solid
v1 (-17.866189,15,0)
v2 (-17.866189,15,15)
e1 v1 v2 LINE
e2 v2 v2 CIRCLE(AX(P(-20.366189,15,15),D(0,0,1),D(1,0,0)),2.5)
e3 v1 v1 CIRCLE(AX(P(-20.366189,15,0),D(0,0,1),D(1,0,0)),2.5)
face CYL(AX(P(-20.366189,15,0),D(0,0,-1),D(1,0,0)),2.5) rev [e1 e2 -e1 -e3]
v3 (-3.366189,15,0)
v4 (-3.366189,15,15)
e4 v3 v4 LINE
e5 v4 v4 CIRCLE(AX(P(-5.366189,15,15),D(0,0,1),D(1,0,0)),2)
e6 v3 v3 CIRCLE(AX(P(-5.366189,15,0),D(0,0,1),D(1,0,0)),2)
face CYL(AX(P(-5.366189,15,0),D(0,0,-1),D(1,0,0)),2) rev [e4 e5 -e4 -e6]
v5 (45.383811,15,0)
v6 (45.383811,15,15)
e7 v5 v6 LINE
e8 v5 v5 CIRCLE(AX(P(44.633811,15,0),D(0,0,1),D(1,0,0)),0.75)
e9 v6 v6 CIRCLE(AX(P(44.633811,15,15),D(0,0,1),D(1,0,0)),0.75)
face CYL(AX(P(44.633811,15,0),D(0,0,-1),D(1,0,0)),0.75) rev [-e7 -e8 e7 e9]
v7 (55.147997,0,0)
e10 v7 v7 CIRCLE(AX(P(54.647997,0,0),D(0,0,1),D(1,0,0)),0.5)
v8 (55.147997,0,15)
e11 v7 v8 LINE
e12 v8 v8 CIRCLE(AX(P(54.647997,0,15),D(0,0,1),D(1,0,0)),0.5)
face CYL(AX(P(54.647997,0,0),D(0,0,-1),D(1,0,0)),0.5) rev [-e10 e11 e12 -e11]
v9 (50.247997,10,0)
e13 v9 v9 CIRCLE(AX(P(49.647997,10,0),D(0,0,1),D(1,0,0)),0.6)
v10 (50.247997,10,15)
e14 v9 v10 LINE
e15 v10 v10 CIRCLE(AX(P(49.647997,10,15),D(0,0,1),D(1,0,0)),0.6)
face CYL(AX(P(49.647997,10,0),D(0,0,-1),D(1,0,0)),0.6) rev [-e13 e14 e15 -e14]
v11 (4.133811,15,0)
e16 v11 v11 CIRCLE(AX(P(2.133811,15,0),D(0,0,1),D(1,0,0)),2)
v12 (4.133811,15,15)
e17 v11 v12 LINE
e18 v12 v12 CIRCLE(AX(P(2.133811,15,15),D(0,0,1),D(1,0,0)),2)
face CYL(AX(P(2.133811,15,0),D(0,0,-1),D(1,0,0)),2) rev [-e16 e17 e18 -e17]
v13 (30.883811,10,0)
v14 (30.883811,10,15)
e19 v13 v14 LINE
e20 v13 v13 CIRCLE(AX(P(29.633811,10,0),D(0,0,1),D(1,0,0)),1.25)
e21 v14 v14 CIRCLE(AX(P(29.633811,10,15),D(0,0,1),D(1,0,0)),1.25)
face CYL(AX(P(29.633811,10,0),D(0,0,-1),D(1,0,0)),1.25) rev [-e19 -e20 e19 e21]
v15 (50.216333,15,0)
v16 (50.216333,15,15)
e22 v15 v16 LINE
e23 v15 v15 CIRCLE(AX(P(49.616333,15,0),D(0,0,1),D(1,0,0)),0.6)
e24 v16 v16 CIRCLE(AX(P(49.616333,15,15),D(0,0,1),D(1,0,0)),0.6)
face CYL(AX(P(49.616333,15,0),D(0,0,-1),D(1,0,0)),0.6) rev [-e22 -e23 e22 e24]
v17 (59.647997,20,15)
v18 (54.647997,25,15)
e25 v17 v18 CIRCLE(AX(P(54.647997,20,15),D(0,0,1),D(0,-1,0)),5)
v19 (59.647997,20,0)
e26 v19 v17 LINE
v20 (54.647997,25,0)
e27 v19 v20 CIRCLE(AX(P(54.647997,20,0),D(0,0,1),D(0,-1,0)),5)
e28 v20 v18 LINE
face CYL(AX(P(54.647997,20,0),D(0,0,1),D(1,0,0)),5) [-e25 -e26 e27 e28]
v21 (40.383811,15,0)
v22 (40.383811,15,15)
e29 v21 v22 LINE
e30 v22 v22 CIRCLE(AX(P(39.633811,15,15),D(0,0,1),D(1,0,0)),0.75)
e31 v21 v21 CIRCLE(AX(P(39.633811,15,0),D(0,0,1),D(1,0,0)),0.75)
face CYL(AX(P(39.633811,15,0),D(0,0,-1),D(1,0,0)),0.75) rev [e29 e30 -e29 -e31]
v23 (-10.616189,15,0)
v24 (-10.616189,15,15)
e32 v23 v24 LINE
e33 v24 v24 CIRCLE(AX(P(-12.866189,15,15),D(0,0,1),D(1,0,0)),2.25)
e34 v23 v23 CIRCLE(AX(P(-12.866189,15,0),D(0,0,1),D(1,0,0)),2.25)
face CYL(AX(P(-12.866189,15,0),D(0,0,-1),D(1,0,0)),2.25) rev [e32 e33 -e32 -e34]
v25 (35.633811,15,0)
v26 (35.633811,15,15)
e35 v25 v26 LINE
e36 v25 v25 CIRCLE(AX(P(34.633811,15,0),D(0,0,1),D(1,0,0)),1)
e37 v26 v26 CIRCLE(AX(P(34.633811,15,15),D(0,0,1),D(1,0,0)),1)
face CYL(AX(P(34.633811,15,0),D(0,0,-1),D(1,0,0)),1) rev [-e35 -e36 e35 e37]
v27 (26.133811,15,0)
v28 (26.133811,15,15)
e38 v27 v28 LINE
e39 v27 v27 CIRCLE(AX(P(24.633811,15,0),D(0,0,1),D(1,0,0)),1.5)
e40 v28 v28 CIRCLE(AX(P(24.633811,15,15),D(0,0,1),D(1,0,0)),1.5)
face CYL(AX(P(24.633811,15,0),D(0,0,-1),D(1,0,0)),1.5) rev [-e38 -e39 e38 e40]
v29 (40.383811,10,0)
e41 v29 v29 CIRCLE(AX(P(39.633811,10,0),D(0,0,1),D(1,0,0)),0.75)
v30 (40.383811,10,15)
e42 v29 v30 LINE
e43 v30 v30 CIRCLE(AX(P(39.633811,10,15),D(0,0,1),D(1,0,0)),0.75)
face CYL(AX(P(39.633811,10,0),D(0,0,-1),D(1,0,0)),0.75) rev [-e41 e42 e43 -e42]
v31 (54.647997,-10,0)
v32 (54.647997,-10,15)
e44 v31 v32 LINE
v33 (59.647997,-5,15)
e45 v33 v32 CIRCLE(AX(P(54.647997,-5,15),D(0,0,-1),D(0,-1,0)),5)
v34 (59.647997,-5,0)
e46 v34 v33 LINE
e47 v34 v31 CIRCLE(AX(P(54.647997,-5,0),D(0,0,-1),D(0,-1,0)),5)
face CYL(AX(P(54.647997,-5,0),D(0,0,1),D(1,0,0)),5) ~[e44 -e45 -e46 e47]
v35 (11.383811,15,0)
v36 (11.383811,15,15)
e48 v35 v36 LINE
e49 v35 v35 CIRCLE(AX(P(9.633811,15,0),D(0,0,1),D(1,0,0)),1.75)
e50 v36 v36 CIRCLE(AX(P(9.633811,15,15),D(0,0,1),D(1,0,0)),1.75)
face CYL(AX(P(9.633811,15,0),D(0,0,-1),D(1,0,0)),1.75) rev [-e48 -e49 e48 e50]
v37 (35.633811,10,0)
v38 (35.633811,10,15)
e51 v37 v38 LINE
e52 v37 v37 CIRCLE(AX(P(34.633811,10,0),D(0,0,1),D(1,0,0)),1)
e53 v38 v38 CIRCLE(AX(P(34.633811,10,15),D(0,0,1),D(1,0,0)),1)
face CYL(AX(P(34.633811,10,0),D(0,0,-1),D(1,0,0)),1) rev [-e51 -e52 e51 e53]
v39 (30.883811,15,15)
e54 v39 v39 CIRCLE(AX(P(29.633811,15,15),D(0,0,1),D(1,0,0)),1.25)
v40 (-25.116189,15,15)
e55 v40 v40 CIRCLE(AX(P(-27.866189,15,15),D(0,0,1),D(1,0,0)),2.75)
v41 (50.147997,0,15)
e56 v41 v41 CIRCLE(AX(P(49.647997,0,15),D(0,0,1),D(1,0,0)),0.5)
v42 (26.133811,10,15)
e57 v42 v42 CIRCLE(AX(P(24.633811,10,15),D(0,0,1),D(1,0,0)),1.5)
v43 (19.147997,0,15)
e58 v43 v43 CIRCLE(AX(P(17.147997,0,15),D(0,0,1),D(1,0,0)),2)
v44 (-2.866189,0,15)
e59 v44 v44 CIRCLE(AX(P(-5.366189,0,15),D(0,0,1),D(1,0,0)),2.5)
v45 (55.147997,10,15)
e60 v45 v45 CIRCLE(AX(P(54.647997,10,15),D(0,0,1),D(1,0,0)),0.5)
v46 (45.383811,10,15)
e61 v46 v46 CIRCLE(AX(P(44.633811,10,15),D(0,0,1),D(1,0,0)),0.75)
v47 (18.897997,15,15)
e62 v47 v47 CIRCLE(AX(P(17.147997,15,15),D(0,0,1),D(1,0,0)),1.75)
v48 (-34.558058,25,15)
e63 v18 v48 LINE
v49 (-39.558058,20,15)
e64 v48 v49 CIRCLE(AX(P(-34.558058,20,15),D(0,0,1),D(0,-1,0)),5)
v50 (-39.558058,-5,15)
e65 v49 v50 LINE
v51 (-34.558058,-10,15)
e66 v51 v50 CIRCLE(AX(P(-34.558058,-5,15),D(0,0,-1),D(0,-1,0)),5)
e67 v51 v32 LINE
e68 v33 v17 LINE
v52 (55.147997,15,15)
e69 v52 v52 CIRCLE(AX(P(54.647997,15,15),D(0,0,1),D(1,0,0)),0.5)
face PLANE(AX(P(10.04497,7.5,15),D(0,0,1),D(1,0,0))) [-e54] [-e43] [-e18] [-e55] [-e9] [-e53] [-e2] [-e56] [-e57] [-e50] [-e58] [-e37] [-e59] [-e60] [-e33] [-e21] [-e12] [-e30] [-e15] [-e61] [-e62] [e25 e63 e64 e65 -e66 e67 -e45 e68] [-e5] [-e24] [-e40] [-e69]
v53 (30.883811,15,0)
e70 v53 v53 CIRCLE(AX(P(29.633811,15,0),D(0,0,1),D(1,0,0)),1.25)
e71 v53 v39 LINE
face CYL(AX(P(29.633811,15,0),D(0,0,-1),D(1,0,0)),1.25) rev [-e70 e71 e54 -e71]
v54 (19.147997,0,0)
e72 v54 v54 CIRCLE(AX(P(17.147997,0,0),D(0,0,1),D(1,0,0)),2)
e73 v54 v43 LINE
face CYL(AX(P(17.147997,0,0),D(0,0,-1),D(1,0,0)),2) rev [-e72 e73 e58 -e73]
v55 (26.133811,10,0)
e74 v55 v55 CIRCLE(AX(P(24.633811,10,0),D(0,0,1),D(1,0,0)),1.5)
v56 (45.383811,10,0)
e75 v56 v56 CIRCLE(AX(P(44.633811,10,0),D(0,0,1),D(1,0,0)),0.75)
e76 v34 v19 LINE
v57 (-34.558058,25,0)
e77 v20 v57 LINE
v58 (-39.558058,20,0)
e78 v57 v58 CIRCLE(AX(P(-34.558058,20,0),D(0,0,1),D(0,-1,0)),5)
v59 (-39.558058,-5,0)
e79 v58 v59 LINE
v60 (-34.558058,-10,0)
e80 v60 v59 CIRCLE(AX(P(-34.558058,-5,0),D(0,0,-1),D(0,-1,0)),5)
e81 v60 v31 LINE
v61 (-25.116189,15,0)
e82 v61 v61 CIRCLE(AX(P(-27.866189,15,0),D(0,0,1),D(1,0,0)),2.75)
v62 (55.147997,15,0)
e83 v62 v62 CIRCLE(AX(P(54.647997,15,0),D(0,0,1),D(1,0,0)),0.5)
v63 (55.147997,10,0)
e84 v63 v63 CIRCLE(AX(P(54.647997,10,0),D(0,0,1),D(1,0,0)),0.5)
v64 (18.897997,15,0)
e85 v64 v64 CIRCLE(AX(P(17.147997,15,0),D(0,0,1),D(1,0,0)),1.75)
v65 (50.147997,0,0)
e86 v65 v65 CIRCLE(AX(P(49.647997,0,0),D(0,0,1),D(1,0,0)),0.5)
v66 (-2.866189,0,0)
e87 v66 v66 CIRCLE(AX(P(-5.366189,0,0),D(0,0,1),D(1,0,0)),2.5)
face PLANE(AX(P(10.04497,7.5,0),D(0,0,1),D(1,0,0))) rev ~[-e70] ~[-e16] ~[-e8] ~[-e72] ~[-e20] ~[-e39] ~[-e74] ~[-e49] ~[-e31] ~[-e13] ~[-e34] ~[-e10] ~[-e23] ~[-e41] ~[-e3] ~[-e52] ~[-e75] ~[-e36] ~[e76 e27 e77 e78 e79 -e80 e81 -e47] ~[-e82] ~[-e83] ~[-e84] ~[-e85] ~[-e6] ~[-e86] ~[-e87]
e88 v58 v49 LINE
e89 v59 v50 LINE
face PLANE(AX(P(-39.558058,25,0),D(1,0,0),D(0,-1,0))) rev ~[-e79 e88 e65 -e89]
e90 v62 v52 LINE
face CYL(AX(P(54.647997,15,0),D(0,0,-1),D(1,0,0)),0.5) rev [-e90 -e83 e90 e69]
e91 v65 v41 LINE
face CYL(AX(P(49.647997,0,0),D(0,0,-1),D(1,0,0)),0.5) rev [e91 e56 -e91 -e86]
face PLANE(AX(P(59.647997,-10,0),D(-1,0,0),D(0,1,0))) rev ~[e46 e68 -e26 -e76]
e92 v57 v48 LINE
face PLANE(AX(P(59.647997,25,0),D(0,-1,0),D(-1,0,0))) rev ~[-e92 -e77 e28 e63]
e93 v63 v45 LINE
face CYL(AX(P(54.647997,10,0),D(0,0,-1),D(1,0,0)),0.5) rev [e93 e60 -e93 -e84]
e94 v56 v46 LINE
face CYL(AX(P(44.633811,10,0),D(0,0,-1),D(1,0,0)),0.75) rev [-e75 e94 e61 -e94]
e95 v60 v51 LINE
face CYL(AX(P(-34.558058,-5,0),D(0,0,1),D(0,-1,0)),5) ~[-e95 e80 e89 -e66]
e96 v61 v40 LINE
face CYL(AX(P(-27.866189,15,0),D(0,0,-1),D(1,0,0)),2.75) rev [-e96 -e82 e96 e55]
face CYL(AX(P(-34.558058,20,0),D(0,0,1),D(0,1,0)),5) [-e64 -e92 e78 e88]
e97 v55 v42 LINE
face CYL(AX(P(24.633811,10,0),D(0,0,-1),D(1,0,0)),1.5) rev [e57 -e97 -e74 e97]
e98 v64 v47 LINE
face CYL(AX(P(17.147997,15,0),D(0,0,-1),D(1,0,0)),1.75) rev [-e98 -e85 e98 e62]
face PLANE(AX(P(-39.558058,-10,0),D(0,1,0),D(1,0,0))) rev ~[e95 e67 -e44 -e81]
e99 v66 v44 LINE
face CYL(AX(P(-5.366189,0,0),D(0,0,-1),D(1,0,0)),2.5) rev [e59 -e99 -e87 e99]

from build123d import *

# Parameters (mm, degrees)
F0_R     = 2.5
F0_R_2   = 2
F0_R_3   = 0.5
F0_R_4   = 2.75
F0_R_5   = 2.25
F0_R_6   = 1.75
F0_R_7   = 1.5
F0_R_8   = 1.25
F0_R_9   = 1
F0_R_10  = 0.75
F0_R_11  = 0.6
F1_DEPTH = 15
F2_R     = 5


with BuildPart() as f1:
    # F0 (on Top) → F1 (new body)
    with BuildSketch(Plane.XY):
        Polygon((-30.352003, -10), (59.647997, -10), (59.647997, 25), (-39.558058, 25), (-39.558058, -10), align=None)
        with Locations((-5.366189, 0)):
            Circle(F0_R, mode=Mode.SUBTRACT)
        with Locations((17.147997, 0)):
            Circle(F0_R_2, mode=Mode.SUBTRACT)
        with Locations((49.647997, 0)):
            Circle(F0_R_3, mode=Mode.SUBTRACT)
        with Locations((54.647997, 0)):
            Circle(F0_R_3, mode=Mode.SUBTRACT)
        with Locations((-27.866189, 15)):
            Circle(F0_R_4, mode=Mode.SUBTRACT)
        with Locations((-20.366189, 15)):
            Circle(F0_R, mode=Mode.SUBTRACT)
        with Locations((-12.866189, 15)):
            Circle(F0_R_5, mode=Mode.SUBTRACT)
        with Locations((-5.366189, 15)):
            Circle(F0_R_2, mode=Mode.SUBTRACT)
        with Locations((2.133811, 15)):
            Circle(F0_R_2, mode=Mode.SUBTRACT)
        with Locations((9.633811, 15)):
            Circle(F0_R_6, mode=Mode.SUBTRACT)
        with Locations((24.633811, 10)):
            Circle(F0_R_7, mode=Mode.SUBTRACT)
        with Locations((29.633811, 10)):
            Circle(F0_R_8, mode=Mode.SUBTRACT)
        with Locations((34.633811, 10)):
            Circle(F0_R_9, mode=Mode.SUBTRACT)
        with Locations((17.147997, 15)):
            Circle(F0_R_6, mode=Mode.SUBTRACT)
        with Locations((24.633811, 15)):
            Circle(F0_R_7, mode=Mode.SUBTRACT)
        with Locations((29.633811, 15)):
            Circle(F0_R_8, mode=Mode.SUBTRACT)
        with Locations((34.633811, 15)):
            Circle(F0_R_9, mode=Mode.SUBTRACT)
        with Locations((39.633811, 10)):
            Circle(F0_R_10, mode=Mode.SUBTRACT)
        with Locations((44.633811, 10)):
            Circle(F0_R_10, mode=Mode.SUBTRACT)
        with Locations((49.647997, 10)):
            Circle(F0_R_11, mode=Mode.SUBTRACT)
        with Locations((54.647997, 10)):
            Circle(F0_R_3, mode=Mode.SUBTRACT)
        with Locations((39.633811, 15)):
            Circle(F0_R_10, mode=Mode.SUBTRACT)
        with Locations((44.633811, 15)):
            Circle(F0_R_10, mode=Mode.SUBTRACT)
        with Locations((49.616333, 15)):
            Circle(F0_R_11, mode=Mode.SUBTRACT)
        with Locations((54.647997, 15)):
            Circle(F0_R_3, mode=Mode.SUBTRACT)
    extrude(amount=F1_DEPTH)

    # F2
    f2_edges = [f1.edges().sort_by_distance(p)[0] for p in [
        (-39.558058, 25, 7.5),
        (-39.558058, -10, 7.5),
        (59.647997, -10, 7.5),
        (59.647997, 25, 7.5),
    ]]
    fillet(f2_edges, radius=F2_R)


solid = f1.part
